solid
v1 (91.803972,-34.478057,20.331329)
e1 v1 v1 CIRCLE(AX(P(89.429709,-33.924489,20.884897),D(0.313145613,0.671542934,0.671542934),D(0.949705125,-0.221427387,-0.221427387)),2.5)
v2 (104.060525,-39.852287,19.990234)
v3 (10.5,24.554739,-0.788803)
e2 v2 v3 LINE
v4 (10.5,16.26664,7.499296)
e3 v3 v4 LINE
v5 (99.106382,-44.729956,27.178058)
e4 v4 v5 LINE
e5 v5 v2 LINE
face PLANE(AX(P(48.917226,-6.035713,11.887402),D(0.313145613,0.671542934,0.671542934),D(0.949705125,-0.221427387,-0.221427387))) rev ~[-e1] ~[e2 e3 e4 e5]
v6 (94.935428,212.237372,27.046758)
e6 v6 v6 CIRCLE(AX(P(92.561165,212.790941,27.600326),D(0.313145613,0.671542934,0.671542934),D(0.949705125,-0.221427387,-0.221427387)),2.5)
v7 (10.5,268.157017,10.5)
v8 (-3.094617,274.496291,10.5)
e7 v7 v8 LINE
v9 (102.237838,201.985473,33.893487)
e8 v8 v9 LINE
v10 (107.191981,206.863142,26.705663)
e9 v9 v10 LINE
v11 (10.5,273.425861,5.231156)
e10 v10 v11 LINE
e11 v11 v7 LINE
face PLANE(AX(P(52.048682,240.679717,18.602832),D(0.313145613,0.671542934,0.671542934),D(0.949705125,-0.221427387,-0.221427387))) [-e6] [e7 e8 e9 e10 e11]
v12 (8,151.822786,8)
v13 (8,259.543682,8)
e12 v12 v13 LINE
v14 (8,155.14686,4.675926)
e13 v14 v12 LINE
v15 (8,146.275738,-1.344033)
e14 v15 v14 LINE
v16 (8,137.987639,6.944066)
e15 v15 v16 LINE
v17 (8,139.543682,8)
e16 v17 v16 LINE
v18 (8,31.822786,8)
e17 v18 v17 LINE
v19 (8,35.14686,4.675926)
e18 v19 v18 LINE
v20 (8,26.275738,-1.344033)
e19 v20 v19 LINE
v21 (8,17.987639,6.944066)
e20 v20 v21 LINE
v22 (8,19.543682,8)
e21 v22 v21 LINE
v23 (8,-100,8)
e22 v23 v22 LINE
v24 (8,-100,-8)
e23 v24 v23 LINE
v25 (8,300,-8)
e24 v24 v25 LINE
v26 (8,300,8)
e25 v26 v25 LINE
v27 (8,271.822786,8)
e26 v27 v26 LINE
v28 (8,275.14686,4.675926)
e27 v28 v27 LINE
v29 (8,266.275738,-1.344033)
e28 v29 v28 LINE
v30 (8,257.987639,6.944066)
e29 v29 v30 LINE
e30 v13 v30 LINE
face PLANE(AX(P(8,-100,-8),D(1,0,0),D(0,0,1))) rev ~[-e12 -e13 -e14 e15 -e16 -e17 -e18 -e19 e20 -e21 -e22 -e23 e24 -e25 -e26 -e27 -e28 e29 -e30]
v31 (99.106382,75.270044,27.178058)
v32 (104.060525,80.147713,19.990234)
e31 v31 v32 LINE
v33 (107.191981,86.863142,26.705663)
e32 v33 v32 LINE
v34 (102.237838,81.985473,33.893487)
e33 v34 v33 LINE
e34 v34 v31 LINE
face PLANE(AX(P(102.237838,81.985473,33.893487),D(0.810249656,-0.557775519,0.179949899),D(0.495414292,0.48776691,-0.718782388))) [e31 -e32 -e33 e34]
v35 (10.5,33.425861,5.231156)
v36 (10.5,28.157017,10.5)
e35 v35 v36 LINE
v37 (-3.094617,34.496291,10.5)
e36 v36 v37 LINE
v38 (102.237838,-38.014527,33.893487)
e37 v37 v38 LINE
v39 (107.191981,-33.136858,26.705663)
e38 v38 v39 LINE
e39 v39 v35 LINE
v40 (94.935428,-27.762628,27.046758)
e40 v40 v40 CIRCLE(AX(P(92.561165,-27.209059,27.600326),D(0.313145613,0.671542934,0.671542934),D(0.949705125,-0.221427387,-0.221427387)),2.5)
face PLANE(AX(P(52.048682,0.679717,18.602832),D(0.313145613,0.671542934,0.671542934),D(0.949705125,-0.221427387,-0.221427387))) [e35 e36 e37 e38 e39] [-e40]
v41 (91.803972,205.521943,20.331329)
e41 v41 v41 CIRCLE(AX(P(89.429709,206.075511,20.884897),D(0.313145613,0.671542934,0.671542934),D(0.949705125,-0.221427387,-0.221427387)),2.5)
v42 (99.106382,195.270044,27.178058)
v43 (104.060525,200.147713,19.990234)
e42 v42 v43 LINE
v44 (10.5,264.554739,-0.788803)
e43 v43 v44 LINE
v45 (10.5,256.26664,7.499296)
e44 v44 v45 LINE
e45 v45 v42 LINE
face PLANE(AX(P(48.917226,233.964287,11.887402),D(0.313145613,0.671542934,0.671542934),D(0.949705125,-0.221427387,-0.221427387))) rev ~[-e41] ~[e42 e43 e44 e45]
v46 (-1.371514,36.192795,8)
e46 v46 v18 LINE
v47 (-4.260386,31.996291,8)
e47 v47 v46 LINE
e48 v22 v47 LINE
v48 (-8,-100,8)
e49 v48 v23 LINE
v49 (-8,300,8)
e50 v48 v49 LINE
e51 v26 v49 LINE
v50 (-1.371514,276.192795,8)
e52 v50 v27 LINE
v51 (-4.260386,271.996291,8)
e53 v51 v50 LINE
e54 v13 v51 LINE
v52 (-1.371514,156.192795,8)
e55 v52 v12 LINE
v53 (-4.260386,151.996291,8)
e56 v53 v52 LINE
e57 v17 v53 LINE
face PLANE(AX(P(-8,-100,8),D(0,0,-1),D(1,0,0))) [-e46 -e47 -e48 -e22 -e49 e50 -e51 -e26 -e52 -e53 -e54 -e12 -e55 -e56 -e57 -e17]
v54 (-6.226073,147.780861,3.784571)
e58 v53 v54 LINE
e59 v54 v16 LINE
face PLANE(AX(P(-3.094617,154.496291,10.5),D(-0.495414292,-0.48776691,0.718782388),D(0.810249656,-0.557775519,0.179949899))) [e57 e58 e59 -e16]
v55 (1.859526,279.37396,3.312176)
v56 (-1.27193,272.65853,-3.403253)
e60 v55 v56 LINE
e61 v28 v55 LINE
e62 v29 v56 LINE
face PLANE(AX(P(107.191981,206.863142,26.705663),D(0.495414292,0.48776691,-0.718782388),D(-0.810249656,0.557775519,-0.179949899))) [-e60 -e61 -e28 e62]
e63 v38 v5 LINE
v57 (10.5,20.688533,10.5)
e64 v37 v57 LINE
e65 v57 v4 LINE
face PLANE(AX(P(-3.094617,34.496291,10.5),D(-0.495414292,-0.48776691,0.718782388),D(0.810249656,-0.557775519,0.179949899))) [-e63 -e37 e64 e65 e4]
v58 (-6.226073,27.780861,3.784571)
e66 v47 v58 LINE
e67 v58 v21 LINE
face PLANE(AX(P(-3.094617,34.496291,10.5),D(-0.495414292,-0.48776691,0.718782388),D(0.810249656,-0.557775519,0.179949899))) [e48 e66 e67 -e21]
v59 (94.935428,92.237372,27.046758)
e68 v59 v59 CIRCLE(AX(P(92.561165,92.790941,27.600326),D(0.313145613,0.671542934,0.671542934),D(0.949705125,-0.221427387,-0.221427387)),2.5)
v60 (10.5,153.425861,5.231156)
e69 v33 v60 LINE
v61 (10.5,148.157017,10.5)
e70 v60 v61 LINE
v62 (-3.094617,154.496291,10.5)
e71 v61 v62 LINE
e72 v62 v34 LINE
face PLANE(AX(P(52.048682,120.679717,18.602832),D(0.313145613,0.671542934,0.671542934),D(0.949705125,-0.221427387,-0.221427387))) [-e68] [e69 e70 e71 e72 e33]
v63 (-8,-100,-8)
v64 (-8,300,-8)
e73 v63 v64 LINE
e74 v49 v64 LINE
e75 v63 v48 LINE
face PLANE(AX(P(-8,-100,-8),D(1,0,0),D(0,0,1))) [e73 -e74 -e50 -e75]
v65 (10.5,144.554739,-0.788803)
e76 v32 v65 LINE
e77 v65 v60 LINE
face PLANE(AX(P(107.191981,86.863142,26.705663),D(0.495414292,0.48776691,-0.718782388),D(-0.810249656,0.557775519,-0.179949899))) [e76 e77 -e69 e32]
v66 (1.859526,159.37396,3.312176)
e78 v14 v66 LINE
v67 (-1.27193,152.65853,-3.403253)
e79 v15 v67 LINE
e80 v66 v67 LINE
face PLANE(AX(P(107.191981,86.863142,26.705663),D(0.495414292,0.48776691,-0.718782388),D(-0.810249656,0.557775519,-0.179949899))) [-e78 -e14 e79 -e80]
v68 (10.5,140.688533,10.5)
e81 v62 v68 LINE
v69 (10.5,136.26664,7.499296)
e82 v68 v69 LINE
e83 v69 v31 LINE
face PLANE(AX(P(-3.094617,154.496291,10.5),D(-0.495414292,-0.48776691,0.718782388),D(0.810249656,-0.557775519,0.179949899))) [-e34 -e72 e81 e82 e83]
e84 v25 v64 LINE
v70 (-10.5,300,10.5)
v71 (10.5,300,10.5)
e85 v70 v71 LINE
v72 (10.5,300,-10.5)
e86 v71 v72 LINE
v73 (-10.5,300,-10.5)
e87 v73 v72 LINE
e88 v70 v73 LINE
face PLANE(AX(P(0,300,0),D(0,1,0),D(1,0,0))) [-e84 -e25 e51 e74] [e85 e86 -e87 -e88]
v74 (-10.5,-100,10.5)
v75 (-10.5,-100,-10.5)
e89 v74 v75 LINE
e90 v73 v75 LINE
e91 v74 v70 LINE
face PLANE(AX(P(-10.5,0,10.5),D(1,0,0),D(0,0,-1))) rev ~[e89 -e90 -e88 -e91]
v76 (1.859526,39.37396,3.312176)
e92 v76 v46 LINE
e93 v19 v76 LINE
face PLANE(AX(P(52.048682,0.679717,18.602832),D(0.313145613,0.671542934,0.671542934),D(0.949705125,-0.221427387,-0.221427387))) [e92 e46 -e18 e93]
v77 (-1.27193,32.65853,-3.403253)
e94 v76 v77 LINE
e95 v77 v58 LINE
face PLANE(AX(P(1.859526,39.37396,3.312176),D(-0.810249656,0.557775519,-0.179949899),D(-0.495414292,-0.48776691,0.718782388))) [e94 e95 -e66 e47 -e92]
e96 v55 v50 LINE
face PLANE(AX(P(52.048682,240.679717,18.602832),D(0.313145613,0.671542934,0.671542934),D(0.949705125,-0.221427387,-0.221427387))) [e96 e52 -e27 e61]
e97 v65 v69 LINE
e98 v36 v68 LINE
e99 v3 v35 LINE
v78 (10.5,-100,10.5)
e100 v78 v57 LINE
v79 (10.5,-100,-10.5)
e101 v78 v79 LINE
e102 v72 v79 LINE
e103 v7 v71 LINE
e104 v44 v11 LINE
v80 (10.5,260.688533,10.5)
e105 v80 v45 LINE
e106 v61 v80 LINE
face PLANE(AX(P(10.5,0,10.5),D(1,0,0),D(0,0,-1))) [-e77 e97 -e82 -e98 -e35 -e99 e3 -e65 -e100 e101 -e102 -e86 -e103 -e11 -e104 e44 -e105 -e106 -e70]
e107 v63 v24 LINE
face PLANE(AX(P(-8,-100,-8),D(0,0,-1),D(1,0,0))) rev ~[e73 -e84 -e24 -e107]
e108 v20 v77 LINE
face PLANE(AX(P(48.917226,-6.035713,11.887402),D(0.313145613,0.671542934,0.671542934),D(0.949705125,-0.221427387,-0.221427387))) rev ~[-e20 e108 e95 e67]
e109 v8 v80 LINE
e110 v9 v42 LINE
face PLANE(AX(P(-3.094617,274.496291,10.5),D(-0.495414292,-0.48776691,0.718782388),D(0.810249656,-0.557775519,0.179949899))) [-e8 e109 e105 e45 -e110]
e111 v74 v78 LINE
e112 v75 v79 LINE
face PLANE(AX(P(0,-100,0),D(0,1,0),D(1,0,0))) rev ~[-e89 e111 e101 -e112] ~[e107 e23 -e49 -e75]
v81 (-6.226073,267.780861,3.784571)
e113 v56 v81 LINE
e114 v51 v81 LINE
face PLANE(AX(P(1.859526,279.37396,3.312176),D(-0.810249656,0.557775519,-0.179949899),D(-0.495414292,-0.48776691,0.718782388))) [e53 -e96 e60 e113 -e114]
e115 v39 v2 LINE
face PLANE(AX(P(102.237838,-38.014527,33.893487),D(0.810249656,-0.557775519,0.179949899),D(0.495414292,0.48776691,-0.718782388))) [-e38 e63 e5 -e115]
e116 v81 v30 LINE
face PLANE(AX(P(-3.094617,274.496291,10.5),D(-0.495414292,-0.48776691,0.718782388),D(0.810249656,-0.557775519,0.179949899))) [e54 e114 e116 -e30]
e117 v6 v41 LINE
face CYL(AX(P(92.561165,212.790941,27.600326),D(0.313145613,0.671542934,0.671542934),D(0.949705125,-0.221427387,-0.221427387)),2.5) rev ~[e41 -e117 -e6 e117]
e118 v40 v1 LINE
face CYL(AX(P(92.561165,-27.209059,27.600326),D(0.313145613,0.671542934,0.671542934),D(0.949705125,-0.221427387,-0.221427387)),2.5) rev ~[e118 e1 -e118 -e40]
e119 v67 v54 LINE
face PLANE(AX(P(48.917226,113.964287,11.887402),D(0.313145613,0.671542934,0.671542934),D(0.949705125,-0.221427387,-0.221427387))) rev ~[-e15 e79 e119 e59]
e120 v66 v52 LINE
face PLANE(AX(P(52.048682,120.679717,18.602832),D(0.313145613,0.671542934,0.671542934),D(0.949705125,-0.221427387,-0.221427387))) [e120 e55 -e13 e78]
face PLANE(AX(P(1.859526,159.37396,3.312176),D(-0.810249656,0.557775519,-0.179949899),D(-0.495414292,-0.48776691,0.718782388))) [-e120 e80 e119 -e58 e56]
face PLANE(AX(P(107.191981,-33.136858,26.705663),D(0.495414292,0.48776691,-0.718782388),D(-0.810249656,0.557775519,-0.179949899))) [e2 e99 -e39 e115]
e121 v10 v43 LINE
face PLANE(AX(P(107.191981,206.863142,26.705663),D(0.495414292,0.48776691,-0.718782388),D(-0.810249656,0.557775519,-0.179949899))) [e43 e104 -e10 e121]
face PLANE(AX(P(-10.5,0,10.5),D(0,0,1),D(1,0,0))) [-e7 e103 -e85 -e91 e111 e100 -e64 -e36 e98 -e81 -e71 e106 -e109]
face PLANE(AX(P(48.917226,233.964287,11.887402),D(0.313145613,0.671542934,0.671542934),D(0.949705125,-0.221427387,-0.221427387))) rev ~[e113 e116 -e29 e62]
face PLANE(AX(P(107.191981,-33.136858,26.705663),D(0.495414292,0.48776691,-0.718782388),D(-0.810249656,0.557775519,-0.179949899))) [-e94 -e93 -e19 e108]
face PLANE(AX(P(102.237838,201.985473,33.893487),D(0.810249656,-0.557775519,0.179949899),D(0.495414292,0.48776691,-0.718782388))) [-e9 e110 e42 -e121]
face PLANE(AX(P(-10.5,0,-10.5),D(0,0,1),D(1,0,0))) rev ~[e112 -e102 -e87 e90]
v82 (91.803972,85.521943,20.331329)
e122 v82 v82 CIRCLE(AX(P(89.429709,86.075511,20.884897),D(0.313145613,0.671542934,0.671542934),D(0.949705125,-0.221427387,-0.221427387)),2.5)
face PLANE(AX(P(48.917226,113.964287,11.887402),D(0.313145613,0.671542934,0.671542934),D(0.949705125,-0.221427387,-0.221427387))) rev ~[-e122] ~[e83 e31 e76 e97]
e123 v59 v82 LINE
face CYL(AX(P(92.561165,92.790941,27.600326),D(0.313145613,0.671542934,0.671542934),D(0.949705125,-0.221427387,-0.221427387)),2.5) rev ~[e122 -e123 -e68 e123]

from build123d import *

# Parameters (mm, degrees)
SKETCH2_W                = 21
SKETCH2_H                = 21
BOSS_EXTRUDE1_DEPTH      = 300
BOSS_EXTRUDE1_DEPTH_BACK = 100
SKETCH3_W                = 16
SKETCH3_H                = 16
CUT_EXTRUDE1_DEPTH       = 800
SKETCH14_R               = 2.5
BOSS_EXTRUDE3_DEPTH      = 10
LPATTERN1_COUNT          = 3
LPATTERN1_PITCH          = 120


with BuildPart() as part:
    # Sketch2 → Boss-Extrude1 (new body, two sides)
    with BuildSketch(Plane(origin=(0, 0, 0), x_dir=(1, 0, 0), z_dir=(0, 1, 0))) as boss_extrude1_sk:
        Rectangle(SKETCH2_W, SKETCH2_H)
    extrude(amount=BOSS_EXTRUDE1_DEPTH)
    extrude(boss_extrude1_sk.sketch, amount=-BOSS_EXTRUDE1_DEPTH_BACK)

    # Sketch3 → Cut-Extrude1 (cut)
    with BuildSketch(Plane.XZ.offset(100)):
        Rectangle(SKETCH3_W, SKETCH3_H)
    extrude(amount=-CUT_EXTRUDE1_DEPTH, mode=Mode.SUBTRACT)

    # Sketch14 → Boss-Extrude3 (add)
    with BuildSketch(Plane(origin=(9.15884387, 19.641204062, 19.641204062), x_dir=(0.949705125, -0.221427386, -0.221427386), z_dir=(0.313145613, 0.671542934, 0.671542934))):
        Polygon((-12.902384486, 16.967939861), (98.008310235, -50.846644091), (103.224816692, -42.31505219), (-7.685878028, 25.499531762), align=None)
        with Locations((87.819175611, -38.756088454)):
            Circle(SKETCH14_R, mode=Mode.SUBTRACT)
    boss_extrude3 = extrude(amount=-BOSS_EXTRUDE3_DEPTH)

    # LPattern1: Boss-Extrude3 ×3
    with Locations(*[(0, i * LPATTERN1_PITCH, 0) for i in range(1, LPATTERN1_COUNT)]):
        add(boss_extrude3)


solid = part.part
